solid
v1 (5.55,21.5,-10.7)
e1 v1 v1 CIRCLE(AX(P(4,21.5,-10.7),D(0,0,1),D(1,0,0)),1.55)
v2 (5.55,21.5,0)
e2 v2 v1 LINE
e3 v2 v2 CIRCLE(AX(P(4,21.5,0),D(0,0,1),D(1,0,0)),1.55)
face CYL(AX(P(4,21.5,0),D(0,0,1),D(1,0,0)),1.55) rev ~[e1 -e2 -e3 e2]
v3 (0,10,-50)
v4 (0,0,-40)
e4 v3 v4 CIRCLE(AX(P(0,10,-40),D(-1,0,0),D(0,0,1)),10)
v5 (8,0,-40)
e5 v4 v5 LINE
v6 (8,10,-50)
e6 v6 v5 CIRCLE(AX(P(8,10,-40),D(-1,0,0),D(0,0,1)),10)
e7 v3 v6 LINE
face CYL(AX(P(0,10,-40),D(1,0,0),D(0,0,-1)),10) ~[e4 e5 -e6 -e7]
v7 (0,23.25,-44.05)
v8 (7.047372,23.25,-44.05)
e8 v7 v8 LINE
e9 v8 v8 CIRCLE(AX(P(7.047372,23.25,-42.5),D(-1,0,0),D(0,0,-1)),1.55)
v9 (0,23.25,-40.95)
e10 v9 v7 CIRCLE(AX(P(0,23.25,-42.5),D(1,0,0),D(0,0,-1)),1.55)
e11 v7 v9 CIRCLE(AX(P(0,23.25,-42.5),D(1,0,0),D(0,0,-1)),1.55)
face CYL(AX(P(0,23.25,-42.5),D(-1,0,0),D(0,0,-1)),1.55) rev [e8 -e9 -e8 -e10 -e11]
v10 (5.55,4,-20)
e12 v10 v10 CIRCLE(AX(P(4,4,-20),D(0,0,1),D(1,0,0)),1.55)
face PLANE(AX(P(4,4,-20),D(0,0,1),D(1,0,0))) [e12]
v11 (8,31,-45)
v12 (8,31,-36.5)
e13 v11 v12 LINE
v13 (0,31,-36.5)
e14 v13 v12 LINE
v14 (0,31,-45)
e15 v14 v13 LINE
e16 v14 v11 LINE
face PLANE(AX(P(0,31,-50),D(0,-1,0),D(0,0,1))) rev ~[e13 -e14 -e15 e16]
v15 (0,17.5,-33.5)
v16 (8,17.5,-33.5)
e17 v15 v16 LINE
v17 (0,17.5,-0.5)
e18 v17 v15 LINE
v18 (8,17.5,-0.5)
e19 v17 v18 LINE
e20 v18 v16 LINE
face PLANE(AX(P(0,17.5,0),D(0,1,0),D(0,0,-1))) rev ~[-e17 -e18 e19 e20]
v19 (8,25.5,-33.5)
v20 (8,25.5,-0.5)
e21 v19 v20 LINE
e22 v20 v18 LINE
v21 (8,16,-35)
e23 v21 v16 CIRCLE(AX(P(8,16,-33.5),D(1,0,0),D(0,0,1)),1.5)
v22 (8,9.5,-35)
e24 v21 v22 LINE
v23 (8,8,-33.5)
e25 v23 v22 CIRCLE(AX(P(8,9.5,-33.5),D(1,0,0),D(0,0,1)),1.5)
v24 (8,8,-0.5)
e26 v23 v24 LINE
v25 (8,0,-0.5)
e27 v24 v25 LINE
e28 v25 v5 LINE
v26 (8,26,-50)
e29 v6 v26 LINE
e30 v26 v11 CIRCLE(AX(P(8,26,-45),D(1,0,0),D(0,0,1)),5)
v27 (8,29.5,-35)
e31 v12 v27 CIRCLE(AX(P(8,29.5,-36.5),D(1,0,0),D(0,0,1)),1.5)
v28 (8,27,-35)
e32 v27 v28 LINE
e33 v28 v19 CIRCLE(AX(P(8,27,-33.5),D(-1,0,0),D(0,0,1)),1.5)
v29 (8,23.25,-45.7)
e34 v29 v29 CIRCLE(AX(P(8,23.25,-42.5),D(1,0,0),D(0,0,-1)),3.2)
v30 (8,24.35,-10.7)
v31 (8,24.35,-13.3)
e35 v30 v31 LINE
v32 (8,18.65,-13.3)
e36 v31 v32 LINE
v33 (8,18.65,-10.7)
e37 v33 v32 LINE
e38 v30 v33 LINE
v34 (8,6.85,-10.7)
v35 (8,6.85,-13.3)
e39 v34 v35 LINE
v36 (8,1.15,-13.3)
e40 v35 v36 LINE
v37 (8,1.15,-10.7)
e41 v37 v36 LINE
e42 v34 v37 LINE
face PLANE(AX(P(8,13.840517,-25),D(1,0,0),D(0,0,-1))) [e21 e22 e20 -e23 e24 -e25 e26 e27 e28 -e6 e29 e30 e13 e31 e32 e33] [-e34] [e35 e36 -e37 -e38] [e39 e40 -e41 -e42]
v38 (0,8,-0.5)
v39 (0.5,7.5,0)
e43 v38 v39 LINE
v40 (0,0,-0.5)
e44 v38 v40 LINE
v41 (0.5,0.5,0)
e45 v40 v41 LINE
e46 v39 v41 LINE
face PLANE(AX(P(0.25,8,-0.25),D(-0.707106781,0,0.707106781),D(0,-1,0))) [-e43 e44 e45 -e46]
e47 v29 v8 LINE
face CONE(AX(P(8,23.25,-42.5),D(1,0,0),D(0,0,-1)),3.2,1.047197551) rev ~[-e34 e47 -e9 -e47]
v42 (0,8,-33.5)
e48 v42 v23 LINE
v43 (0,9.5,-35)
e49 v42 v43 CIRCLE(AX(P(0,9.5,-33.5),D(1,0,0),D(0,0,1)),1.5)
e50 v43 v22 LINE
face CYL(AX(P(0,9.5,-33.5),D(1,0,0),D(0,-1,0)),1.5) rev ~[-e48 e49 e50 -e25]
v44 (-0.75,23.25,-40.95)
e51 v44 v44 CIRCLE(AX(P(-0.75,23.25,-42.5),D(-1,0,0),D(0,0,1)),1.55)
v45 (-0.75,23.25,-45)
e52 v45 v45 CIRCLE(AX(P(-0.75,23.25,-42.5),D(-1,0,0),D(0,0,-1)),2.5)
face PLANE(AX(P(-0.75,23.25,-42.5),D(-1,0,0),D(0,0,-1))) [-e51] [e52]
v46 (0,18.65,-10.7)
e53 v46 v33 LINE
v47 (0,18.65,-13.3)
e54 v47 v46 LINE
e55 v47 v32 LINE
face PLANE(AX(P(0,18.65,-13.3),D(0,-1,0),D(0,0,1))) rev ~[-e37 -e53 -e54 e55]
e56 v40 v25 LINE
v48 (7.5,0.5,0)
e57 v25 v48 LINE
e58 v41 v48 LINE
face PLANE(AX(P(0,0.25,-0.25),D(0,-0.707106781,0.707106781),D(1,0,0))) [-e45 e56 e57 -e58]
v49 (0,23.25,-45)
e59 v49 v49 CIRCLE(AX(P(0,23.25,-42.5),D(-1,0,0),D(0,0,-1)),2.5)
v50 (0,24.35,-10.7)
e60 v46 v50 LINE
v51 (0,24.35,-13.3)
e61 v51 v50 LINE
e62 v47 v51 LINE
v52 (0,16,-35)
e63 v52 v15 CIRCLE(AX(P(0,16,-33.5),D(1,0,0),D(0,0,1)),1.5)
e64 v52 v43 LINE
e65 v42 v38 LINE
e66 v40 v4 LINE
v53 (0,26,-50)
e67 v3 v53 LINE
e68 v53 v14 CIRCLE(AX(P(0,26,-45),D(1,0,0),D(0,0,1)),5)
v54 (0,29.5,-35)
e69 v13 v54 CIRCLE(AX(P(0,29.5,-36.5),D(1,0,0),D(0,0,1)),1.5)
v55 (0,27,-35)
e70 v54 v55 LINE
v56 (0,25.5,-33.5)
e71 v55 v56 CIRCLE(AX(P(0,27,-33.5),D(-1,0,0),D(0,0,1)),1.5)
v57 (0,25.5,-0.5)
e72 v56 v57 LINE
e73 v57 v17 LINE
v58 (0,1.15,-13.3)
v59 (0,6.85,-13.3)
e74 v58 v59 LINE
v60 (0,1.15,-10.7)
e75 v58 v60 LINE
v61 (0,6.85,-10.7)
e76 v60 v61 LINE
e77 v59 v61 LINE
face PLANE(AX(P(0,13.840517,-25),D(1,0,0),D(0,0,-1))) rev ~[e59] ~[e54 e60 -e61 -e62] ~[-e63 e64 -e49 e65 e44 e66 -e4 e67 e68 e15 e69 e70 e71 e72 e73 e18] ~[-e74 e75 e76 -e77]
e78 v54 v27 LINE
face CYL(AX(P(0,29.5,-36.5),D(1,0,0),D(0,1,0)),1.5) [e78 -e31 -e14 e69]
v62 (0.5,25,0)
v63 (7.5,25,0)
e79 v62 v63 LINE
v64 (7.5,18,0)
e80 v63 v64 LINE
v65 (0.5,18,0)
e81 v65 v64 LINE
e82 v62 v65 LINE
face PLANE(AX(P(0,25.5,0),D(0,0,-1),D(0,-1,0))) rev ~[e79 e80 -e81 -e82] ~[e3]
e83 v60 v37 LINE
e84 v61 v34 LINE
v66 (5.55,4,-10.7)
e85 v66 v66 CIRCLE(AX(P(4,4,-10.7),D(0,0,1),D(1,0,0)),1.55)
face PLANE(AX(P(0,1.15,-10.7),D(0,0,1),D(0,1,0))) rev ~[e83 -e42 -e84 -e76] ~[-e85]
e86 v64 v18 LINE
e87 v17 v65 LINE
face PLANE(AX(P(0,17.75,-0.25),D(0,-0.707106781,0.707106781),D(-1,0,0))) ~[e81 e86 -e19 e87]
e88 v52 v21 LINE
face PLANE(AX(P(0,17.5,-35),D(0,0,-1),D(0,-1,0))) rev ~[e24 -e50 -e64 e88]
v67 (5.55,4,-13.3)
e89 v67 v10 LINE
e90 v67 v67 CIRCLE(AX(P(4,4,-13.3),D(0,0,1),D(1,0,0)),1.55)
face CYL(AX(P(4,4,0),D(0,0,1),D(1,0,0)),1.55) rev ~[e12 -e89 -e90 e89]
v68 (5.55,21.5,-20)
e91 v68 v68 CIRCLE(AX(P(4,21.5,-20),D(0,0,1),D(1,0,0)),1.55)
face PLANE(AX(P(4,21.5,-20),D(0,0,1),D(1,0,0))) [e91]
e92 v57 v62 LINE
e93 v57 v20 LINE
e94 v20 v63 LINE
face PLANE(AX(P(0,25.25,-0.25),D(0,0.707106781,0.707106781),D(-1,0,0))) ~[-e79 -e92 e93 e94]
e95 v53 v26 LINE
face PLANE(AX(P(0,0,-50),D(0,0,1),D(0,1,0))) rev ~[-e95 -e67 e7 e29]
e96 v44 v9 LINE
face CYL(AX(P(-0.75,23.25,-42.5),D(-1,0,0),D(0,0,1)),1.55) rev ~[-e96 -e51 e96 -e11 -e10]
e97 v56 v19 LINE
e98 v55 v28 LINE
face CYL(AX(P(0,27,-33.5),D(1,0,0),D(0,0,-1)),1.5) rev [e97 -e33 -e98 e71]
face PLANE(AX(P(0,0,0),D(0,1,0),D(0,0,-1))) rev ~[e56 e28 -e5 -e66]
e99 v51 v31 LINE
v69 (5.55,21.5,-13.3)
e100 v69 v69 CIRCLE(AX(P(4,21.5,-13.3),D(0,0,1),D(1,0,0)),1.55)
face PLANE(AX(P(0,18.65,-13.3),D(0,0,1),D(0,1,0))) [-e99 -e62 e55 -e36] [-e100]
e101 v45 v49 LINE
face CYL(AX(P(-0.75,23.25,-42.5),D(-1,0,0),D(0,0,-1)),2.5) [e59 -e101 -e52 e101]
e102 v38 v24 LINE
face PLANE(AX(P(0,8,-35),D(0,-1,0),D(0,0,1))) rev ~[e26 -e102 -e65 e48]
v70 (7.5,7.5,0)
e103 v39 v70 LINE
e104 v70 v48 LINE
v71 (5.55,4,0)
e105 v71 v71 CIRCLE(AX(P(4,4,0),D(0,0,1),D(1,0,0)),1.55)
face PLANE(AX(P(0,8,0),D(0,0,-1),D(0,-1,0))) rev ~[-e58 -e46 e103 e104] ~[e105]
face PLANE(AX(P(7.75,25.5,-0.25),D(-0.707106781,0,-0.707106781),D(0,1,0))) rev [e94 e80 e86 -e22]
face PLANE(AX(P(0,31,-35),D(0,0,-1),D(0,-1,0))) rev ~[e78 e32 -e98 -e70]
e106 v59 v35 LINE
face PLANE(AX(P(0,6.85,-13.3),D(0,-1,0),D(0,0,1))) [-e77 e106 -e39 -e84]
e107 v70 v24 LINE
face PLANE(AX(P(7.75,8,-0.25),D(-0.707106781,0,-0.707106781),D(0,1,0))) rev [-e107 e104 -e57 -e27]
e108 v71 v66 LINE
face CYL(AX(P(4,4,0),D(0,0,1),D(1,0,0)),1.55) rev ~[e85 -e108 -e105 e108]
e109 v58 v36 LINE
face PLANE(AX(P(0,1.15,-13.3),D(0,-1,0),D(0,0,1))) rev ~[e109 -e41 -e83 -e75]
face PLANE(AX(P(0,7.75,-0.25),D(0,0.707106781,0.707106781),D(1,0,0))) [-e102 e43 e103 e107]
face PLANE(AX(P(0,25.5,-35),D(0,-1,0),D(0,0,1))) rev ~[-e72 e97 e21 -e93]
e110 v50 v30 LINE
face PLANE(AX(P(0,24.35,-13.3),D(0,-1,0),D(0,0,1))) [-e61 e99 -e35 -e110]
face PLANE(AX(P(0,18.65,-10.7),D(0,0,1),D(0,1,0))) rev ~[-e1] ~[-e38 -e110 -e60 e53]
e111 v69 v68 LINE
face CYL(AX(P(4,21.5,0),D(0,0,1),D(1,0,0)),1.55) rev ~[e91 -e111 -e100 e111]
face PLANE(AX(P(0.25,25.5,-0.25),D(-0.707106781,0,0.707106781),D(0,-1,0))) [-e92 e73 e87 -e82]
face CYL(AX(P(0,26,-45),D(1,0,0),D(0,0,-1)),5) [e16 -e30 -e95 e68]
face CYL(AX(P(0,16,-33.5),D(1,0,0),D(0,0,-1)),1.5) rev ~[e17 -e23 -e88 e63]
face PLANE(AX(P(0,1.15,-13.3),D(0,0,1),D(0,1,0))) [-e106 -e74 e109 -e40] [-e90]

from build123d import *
from build123d.topology import SkipClean

# Parameters (mm, degrees)
SKETCH1_R           = 1.55
BOSS_EXTRUDE1_DEPTH = 8
SKETCH2_R           = 3.2
CUT_EXTRUDE1_DEPTH  = 1.5
CUT_EXTRUDE1_DRAFT  = -60
BOSS_EXTRUDE2_START = 0.75
SKETCH3_R           = 2.5
SKETCH3_R_2         = 1.55
BOSS_EXTRUDE2_DEPTH = 0.75
SKETCH4_R           = 1.55
CUT_EXTRUDE2_DEPTH  = 20
SKETCH5_W           = 2.6
SKETCH5_H           = 5.7
CUT_EXTRUDE3_DEPTH  = 60.371710435
FILLET2_R           = 1.5
FILLET3_R           = 5
FILLET4_R           = 10
CHAMFER1_SIZE       = 0.5


with BuildPart() as part:
    # Sketch1 → Boss-Extrude1 (new body)
    with BuildSketch(Plane(origin=(0, 0, 0), x_dir=(0, 0, -1), z_dir=(1, 0, 0))):
        Polygon((0, 0), (50, 0), (50, 31), (35, 31), (35, 25.5), (0, 25.5), (0, 17.5), (35, 17.5), (35, 8), (0, 8), align=None)
        with Locations((42.5, 23.25)):
            Circle(SKETCH1_R, mode=Mode.SUBTRACT)
    extrude(amount=BOSS_EXTRUDE1_DEPTH)


with BuildPart() as cut_extrude1_tool:
    # Sketch2 → Cut-Extrude1 (with draft: the straight prism first)
    with BuildSketch(Plane(origin=(8, 0, 0), x_dir=(0, 0, -1), z_dir=(1, 0, 0))):
        with Locations((42.5, 23.25)):
            Circle(SKETCH2_R)
    extrude(amount=-CUT_EXTRUDE1_DEPTH)
    # Cut-Extrude1: the draft: its side faces are tilted about the plane it starts from
    cut_extrude1_sides = [cut_extrude1_tool.faces().sort_by_distance(p)[0] for p in [
        (7.25, 23.25, -39.3),
    ]]
    draft(cut_extrude1_sides, Plane(origin=(8, 0, 0), x_dir=(0, 0, -1), z_dir=(1, 0, 0)), CUT_EXTRUDE1_DRAFT)


with BuildPart() as part_1:
    add(part.part)

    # Cut-Extrude1: cut by cut_extrude1_tool
    add(cut_extrude1_tool.part, mode=Mode.SUBTRACT)

    # Sketch3 → Boss-Extrude2 (add)
    with SkipClean():  # the faces are left unmerged after this step: merging them gives an invalid solid
        with BuildSketch(Plane.ZY.offset(BOSS_EXTRUDE2_START)):
            with Locations(Location((-42.5, 23.25, 0), (0, 0, 180))):
                Circle(SKETCH3_R)
            with Locations((-42.5, 23.25)):
                Circle(SKETCH3_R_2, mode=Mode.SUBTRACT)
        extrude(amount=-BOSS_EXTRUDE2_DEPTH)

    # Sketch4 → Cut-Extrude2 (cut)
    with SkipClean():  # the faces are left unmerged after this step: merging them gives an invalid solid
        with BuildSketch(Plane.XY):
            with Locations((4, 21.5)):
                Circle(SKETCH4_R)
            with Locations((4, 4)):
                Circle(SKETCH4_R)
        extrude(amount=-CUT_EXTRUDE2_DEPTH, mode=Mode.SUBTRACT)

    # Sketch5 → Cut-Extrude3 (cut, through all)
    with SkipClean():  # the faces are left unmerged after this step: merging them gives an invalid solid
        with BuildSketch(Plane.ZY):
            with Locations((-12, 21.5)):
                Rectangle(SKETCH5_W, SKETCH5_H)
            with Locations((-12, 4)):
                Rectangle(SKETCH5_W, SKETCH5_H)
        extrude(amount=-CUT_EXTRUDE3_DEPTH, mode=Mode.SUBTRACT)

    # Fillet2
    fillet2_edges = [part_1.edges().sort_by_distance(p)[0] for p in [
        (4, 8, -35),
        (4, 17.5, -35),
        (4, 25.5, -35),
        (4, 31, -35),
    ]]
    fillet(fillet2_edges, radius=FILLET2_R)

    # Fillet3
    fillet3_edges = [part_1.edges().sort_by_distance(p)[0] for p in [
        (4, 31, -50),
    ]]
    fillet(fillet3_edges, radius=FILLET3_R)

    # Fillet4
    fillet4_edges = [part_1.edges().sort_by_distance(p)[0] for p in [
        (4, 0, -50),
    ]]
    fillet(fillet4_edges, radius=FILLET4_R)

    # Chamfer1
    chamfer1_edges = [part_1.edges().sort_by_distance(p)[0] for p in [
        (0, 21.5, 0),
        (0, 4, 0),
        (4, 8, 0),
        (4, 17.5, 0),
        (4, 25.5, 0),
        (4, 0, 0),
        (8, 21.5, 0),
        (8, 4, 0),
    ]]
    chamfer(chamfer1_edges, length=CHAMFER1_SIZE)


solid = part_1.part
